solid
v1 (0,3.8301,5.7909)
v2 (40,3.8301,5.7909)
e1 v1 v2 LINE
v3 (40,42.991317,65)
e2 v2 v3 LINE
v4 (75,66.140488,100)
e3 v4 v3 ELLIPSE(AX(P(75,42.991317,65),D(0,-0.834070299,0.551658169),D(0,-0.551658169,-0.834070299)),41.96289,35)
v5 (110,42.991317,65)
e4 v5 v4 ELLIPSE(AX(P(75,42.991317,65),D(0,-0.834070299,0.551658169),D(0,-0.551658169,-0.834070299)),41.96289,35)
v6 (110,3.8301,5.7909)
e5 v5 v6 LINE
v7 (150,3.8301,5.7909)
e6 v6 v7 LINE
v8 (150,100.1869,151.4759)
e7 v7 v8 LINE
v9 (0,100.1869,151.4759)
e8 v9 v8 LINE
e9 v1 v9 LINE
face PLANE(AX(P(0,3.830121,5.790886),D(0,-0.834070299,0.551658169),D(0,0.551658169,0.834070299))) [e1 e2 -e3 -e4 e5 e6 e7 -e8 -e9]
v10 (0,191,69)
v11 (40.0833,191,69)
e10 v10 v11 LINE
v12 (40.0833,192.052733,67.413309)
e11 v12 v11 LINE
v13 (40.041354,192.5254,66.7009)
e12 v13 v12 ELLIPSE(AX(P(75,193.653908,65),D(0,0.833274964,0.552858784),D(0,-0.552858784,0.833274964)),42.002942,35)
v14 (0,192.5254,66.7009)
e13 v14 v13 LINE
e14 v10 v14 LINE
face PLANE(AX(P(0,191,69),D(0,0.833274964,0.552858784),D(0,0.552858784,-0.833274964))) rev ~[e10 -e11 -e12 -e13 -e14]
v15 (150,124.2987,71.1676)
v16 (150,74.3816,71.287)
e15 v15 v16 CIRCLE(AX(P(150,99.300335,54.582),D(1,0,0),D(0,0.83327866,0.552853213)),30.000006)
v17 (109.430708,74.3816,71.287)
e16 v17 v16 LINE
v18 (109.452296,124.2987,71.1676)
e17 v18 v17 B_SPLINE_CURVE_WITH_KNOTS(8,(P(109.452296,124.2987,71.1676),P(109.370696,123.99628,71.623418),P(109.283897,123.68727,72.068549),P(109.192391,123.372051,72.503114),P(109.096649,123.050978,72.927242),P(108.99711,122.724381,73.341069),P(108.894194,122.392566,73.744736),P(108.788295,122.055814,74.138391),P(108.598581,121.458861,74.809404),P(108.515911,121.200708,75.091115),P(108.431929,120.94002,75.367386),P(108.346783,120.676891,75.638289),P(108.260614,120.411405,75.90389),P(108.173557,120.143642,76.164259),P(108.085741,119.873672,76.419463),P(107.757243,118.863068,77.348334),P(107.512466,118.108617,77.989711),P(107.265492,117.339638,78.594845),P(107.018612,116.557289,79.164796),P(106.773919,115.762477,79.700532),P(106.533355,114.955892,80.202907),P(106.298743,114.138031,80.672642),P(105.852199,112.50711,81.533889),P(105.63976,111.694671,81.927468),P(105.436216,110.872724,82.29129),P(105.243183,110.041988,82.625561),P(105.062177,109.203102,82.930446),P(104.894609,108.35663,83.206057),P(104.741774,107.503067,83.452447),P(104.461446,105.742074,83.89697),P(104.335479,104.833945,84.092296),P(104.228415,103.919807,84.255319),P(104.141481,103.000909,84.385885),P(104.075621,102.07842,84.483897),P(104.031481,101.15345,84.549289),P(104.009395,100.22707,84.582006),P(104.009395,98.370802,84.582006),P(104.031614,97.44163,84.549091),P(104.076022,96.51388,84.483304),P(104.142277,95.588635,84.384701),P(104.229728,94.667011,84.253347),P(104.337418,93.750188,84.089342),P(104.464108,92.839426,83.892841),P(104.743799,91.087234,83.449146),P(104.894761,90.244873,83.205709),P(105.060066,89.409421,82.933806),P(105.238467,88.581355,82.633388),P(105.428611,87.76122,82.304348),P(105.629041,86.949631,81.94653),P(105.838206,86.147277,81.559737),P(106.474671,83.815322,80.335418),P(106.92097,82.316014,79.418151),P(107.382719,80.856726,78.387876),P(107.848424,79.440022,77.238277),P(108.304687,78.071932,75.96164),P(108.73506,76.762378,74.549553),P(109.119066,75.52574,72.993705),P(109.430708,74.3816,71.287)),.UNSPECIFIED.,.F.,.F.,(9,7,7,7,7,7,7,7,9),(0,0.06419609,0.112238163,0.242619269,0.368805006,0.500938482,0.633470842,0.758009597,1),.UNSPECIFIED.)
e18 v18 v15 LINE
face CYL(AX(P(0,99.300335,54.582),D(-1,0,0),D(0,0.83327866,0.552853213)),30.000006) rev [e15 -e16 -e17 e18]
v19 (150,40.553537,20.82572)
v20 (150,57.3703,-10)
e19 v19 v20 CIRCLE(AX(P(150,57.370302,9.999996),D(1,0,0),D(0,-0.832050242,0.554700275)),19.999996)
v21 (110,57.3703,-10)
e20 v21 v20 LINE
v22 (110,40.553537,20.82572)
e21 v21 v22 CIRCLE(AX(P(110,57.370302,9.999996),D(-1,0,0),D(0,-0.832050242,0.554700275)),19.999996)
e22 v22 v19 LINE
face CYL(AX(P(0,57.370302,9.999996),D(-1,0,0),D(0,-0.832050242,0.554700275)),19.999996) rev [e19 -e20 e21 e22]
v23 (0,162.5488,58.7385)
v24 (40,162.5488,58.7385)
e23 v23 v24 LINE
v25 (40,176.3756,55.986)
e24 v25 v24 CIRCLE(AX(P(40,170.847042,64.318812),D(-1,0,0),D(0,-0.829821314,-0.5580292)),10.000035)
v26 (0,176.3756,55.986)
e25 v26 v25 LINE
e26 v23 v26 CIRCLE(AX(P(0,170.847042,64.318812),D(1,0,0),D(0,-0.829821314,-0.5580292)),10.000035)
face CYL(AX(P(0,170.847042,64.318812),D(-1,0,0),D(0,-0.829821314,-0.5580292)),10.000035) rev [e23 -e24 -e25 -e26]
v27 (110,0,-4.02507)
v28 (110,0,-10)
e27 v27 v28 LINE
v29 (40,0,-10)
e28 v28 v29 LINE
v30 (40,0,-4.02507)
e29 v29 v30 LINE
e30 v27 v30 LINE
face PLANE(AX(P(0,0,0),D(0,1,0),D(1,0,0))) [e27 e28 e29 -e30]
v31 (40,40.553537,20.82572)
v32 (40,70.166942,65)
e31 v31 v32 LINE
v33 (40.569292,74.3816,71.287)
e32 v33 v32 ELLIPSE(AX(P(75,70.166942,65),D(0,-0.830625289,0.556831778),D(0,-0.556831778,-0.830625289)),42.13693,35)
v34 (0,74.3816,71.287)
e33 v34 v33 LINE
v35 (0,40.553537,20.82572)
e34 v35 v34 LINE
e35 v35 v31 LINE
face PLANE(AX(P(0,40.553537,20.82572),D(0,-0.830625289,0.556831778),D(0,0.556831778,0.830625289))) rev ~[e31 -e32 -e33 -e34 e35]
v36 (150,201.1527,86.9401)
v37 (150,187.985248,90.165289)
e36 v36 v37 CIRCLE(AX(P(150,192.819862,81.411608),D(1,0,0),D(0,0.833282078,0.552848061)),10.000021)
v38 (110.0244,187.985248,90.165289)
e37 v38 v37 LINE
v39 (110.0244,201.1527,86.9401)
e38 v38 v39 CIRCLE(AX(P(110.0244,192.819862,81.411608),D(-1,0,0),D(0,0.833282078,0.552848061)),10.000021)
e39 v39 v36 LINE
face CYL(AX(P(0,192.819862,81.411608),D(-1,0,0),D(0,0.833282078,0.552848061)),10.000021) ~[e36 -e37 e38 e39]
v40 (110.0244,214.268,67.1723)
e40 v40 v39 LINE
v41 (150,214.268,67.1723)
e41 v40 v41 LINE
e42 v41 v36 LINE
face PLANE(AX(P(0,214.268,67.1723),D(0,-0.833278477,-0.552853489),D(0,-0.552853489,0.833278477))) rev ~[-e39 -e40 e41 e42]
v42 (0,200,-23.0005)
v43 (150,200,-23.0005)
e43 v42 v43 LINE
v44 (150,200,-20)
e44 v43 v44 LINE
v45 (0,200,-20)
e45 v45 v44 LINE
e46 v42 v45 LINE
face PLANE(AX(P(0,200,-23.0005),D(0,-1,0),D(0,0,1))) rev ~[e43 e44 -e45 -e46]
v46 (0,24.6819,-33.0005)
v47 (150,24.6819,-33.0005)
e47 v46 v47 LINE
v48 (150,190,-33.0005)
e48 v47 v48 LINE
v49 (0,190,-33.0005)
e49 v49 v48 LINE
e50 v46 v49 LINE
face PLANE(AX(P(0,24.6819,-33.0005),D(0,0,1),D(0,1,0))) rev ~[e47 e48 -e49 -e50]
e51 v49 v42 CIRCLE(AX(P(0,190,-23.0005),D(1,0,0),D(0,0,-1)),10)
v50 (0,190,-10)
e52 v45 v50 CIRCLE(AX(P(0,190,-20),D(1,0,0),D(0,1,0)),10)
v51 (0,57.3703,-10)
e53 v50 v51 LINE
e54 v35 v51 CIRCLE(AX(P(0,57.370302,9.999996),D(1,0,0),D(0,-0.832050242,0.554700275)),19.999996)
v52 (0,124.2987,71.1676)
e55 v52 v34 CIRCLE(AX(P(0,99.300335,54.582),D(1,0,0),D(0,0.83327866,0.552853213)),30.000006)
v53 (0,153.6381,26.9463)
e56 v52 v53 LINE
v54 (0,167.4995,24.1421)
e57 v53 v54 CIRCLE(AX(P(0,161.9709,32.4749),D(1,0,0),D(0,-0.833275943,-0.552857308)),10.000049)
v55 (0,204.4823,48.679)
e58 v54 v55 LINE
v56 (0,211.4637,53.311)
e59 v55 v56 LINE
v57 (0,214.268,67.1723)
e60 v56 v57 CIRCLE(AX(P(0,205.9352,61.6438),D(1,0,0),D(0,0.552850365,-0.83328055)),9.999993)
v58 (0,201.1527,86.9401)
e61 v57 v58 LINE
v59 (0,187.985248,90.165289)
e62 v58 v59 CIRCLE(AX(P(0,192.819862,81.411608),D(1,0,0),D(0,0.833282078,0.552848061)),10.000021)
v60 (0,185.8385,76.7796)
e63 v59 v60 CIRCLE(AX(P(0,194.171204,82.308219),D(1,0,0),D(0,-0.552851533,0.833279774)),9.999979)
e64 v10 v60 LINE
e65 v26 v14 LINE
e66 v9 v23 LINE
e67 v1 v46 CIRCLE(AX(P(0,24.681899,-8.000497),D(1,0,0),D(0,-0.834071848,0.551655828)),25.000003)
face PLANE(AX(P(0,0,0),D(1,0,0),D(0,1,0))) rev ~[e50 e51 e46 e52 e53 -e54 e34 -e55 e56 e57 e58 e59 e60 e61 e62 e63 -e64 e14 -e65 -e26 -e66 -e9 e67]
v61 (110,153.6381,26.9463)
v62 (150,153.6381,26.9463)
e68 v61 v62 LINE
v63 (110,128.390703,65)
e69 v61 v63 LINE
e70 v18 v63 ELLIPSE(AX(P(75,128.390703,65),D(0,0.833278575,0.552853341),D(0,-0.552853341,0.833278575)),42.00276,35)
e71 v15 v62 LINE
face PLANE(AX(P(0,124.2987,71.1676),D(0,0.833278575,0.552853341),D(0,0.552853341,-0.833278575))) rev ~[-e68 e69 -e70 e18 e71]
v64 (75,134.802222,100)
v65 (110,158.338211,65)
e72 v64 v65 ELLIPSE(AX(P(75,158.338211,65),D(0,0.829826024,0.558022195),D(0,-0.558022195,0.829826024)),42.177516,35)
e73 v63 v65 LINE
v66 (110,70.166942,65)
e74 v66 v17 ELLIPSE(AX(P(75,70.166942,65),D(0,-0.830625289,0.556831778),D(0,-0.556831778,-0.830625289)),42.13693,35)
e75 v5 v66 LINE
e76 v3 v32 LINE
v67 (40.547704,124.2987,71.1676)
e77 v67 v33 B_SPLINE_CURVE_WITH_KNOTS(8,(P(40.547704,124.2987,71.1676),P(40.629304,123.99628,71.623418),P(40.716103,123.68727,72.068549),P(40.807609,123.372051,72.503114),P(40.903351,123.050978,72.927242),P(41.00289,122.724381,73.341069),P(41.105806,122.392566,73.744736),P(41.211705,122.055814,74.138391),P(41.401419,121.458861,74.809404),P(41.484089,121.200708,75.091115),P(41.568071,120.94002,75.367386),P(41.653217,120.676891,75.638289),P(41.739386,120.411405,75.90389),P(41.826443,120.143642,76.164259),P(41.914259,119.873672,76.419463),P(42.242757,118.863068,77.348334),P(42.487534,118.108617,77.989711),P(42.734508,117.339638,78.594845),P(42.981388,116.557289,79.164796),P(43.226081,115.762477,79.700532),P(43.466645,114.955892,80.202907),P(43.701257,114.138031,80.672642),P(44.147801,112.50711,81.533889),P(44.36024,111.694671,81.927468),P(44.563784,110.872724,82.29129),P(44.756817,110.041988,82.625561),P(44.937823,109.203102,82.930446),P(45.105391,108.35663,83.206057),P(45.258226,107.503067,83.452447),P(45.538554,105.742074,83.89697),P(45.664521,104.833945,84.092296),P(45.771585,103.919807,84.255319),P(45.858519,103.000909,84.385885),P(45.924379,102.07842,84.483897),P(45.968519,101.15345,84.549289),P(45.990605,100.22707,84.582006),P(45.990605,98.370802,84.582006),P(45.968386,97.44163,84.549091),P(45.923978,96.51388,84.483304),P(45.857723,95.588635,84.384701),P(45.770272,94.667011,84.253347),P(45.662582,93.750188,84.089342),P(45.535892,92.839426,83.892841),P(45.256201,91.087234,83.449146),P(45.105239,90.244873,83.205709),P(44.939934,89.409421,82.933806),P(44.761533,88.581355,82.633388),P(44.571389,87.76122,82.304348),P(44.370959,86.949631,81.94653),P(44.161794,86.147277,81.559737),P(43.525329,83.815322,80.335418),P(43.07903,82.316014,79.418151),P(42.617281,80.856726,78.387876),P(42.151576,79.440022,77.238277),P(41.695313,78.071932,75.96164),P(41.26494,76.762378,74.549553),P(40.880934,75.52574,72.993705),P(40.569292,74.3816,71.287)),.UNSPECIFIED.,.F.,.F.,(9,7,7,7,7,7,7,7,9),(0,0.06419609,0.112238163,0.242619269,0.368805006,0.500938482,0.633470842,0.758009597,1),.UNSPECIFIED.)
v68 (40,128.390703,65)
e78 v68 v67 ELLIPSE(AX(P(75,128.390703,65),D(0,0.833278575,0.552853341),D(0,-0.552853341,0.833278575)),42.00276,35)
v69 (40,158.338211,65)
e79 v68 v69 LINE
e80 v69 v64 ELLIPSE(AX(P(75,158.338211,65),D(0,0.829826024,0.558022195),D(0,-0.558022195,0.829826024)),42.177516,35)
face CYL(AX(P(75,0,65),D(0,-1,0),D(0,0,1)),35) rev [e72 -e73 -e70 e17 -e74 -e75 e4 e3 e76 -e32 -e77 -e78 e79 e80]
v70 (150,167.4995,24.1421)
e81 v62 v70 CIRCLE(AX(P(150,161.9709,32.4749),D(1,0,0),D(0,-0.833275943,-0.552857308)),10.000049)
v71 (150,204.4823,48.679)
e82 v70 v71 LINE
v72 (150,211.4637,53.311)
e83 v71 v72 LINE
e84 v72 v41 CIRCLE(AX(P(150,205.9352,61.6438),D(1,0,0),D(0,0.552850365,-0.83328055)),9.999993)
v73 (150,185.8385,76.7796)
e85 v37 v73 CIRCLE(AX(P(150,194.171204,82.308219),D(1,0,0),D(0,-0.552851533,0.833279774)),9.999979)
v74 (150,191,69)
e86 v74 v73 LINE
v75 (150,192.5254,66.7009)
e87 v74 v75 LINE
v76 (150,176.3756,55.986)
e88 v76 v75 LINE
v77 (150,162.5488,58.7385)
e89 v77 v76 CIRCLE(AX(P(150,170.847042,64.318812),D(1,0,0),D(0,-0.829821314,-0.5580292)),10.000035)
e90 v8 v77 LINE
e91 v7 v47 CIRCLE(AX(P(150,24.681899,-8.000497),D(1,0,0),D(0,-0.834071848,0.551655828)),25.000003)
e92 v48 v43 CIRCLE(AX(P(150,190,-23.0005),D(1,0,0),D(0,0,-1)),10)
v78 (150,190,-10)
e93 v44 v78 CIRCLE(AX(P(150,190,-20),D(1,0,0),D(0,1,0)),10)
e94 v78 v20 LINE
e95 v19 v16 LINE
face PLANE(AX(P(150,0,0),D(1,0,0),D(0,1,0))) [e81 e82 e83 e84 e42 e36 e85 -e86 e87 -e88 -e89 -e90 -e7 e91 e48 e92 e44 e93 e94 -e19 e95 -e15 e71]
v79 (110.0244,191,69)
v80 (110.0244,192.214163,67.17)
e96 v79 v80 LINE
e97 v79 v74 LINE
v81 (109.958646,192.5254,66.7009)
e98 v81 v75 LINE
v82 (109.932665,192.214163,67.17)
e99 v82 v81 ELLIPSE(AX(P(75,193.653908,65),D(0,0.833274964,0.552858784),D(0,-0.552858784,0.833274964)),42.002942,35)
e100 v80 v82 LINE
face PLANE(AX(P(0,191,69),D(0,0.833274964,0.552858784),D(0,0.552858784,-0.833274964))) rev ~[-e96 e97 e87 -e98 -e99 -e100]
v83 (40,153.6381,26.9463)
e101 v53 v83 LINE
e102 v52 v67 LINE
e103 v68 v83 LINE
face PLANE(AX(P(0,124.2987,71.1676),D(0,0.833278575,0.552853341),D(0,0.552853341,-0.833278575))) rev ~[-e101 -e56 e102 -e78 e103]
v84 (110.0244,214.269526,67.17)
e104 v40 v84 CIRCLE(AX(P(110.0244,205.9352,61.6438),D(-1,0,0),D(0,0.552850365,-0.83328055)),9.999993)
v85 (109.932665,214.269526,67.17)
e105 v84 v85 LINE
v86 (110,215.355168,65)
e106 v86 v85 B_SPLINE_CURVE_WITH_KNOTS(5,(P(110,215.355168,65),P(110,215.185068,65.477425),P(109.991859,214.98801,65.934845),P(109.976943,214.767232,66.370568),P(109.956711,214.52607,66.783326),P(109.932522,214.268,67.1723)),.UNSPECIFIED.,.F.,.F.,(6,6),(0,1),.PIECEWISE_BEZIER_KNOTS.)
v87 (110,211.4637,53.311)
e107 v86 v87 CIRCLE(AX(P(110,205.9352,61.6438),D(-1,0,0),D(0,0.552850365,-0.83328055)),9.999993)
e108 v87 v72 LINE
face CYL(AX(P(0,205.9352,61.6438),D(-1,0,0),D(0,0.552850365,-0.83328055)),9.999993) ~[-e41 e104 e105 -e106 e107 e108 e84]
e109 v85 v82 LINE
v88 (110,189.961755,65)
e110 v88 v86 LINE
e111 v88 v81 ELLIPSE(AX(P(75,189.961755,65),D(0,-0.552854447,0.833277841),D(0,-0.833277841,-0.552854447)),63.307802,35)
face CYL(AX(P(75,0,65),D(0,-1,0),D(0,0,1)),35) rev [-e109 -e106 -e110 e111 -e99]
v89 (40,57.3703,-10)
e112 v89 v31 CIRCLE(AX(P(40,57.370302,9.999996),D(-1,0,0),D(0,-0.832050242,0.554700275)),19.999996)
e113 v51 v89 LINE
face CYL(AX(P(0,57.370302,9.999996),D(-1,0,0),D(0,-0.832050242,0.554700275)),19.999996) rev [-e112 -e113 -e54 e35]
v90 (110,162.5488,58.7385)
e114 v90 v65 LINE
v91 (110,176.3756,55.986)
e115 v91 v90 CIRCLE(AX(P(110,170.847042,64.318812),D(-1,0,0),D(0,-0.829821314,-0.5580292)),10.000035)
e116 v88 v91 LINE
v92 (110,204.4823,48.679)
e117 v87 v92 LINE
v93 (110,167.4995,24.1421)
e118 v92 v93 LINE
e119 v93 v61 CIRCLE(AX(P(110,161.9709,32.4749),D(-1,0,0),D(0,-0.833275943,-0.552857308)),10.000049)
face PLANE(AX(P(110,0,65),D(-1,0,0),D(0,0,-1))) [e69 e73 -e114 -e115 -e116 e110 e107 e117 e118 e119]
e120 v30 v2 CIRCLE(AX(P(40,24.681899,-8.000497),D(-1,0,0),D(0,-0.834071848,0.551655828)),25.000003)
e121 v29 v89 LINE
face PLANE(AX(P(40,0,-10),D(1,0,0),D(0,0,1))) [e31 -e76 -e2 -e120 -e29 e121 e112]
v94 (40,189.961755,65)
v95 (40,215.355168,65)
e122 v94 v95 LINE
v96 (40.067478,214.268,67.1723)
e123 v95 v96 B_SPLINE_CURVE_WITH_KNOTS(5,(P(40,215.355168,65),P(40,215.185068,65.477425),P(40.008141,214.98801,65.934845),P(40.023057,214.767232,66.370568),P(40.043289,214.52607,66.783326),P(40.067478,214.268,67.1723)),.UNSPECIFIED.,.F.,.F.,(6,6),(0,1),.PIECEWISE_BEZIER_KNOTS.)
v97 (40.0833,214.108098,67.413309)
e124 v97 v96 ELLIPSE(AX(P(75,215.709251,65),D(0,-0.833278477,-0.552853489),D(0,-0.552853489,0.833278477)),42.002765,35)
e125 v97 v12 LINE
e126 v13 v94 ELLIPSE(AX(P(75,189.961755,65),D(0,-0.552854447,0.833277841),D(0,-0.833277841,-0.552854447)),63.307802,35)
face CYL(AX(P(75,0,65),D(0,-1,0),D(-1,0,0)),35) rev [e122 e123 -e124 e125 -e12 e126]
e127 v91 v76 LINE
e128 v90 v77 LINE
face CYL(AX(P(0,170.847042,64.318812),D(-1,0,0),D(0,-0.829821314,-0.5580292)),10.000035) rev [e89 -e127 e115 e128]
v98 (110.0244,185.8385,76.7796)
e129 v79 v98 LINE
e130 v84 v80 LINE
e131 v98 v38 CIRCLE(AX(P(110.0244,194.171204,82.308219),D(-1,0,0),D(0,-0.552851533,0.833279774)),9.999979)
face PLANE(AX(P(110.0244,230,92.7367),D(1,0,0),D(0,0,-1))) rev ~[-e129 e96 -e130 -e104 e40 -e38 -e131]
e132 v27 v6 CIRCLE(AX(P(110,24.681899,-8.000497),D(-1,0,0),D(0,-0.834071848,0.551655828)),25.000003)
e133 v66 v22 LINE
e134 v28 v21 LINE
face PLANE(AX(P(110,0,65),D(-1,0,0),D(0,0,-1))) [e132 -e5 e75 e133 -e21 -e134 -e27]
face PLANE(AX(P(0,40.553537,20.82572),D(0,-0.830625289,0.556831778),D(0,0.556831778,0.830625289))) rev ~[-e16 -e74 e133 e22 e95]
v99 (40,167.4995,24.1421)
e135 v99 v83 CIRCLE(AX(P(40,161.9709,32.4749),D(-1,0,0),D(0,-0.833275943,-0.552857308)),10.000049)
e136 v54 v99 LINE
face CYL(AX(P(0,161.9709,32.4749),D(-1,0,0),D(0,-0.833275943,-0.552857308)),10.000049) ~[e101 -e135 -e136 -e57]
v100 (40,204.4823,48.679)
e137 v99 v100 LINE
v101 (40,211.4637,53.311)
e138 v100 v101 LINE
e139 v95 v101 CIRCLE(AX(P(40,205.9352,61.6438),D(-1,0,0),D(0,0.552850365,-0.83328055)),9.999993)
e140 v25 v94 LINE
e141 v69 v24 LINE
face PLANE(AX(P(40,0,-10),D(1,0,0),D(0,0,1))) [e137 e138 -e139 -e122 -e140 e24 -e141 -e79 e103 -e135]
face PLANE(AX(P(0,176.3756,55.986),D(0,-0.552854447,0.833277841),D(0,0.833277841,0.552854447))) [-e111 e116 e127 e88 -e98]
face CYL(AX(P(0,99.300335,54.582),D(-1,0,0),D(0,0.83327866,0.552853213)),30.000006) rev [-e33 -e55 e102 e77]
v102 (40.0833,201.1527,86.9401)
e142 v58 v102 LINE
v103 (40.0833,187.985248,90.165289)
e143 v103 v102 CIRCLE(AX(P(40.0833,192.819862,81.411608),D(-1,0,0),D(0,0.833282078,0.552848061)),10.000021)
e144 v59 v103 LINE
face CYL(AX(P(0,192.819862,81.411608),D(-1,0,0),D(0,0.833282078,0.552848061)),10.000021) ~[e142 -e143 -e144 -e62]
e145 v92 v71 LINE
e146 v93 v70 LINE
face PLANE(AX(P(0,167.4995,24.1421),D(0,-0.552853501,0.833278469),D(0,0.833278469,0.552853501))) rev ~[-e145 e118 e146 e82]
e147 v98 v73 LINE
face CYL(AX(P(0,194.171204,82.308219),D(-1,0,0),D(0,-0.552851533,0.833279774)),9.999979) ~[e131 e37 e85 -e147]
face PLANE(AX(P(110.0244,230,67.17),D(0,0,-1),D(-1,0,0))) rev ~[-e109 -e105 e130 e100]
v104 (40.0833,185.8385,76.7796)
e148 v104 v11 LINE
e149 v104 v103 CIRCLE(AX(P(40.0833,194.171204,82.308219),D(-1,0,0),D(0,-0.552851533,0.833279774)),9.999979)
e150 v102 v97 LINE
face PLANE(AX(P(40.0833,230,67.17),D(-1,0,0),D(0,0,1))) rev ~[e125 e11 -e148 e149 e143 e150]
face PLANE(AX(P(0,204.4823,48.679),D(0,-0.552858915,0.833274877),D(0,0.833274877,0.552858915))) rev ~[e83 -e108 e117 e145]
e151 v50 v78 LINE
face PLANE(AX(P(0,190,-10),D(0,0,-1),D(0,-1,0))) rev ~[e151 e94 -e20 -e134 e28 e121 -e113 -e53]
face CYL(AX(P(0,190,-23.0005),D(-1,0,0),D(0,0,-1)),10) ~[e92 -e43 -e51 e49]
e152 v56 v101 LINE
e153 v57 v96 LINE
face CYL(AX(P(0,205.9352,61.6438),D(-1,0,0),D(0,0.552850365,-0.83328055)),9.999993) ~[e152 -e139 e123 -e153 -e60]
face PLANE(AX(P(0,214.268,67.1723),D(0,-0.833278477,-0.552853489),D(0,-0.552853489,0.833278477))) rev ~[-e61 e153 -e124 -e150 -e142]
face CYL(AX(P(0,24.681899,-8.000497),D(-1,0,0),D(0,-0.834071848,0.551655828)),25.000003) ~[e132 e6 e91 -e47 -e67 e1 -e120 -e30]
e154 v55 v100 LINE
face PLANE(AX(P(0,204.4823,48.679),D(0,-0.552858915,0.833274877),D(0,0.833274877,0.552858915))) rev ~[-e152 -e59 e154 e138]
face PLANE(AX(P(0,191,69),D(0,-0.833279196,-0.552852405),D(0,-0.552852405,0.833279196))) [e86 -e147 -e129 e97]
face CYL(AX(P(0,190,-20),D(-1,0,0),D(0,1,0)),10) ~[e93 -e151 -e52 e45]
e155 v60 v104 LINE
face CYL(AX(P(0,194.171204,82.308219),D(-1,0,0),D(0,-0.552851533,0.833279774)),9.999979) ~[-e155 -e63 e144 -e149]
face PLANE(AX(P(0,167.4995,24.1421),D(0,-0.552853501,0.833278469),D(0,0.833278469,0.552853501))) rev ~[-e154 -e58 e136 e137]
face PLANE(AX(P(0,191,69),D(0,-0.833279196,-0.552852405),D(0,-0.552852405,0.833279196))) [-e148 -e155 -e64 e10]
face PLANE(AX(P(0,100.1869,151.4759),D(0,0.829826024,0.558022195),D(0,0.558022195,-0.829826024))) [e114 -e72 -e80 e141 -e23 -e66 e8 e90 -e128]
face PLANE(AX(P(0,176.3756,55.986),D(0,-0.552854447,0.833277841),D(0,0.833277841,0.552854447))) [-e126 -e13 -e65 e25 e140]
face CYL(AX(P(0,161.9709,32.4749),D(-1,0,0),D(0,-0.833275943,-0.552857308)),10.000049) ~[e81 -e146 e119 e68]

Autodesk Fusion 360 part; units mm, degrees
sketch "Sketch1" plane through (0, 0, 0) normal (1, 0, 0) x (0, 1, 0)
  line L0 (0, 0) -> (100.1869, 151.4759)
  line L1 (100.1869, 151.4759) -> (162.5488, 58.7385)
  line L2 (40.0071, 20.0106) -> (74.3816, 71.287)
  line L3 (124.2987, 71.1676) -> (153.6381, 26.9463)
  line L4 (167.4995, 24.1421) -> (204.4823, 48.679)
  line L5 (176.3756, 55.986) -> (192.5254, 66.7009)
  line L6 (191, 69) -> (192.5254, 66.7009)
  line L7 (0, 0) -> (3.8301, 5.7909)
  line L8 (24.6819, -33.0005) -> (190, -33.0005)
  line L9 (200, -23.0005) -> (200, -20)
  line L10 (190, -10) -> (57.3703, -10)
  line L11 (40.7293, 21.094) -> (39.9929, 19.9893)
  line L12 (191, 69) -> (185.8385, 76.7796)
  line L13 (204.4823, 48.679) -> (211.4637, 53.311)
  line L14 (214.268, 67.1723) -> (201.1527, 86.9401)
  line L15 (188.6427, 90.641) -> (187.2913, 89.7444)
  arc A0 (40.0071, 20.0106) -> (39.9929, 19.9893) centre (48.3134, 14.4423) ccw
  arc A1 (40.7293, 21.094) -> (57.3703, -10) centre (57.3703, 10) ccw
  arc A2 (3.8301, 5.7909) -> (24.6819, -33.0005) centre (24.6819, -8.0005) ccw
  arc A3 (200, -20) -> (190, -10) centre (190, -20) ccw
  arc A4 (190, -33.0005) -> (200, -23.0005) centre (190, -23.0005) ccw
  arc A5 (124.2987, 71.1676) -> (74.3816, 71.287) centre (99.3004, 54.582) ccw
  arc A6 (153.6381, 26.9463) -> (167.4995, 24.1421) centre (161.9709, 32.4749) ccw
  arc A7 (211.4637, 53.311) -> (214.268, 67.1723) centre (205.9352, 61.6438) ccw
  arc A8 (188.6427, 90.641) -> (185.8385, 76.7796) centre (194.1712, 82.3082) ccw
  arc A9 (201.1527, 86.9401) -> (187.2913, 89.7444) centre (192.8199, 81.4116) ccw
  arc A10 (162.5488, 58.7385) -> (176.3756, 55.986) centre (170.8471, 64.3188) ccw
  dimension "d1" = 67.4
  dimension "d2" = 67.4
  dimension "d3" = 10
  dimension "d4" = 20
  dimension "d5" = 25
  dimension "d6" = 10
  dimension "d7" = 30
  dimension "d8" = 10
  dimension "d9" = 10
  dimension "d10" = 10
  dimension "d11" = 10
extrude "Extrude1" add sketch "Sketch1" along normal blind 150 contours L2 L11 A1 | L0 L1 L2 L3 L4 L5 L6 L8 L9 L10 L12 L13 L14 A1 A2 A3 A4 A5 A6 A7 A8 A9 A10
sketch "Sketch2" plane through (0, 0, 0) normal (0, 1, 0) x (1, 0, 0)
  line L0 (110, 10) -> (40, 10)
  line L1 (40, 10) -> (40, -65)
  line L2 (75, -100) -> (75, -100)
  line L3 (110, -65) -> (110, 10)
  arc A0 (40, -65) -> (75, -100) centre (75, -65) ccw
  arc A1 (75, -100) -> (110, -65) centre (75, -65) ccw
  dimension "d14" = 35
extrude "Extrude2" cut sketch "Sketch2" along normal blind 220
ref_plane "WorkPlane1" through (0, 230, 0) normal (0, 1, 0) x (0, 0, 1)
sketch "Sketch3" plane through (0, 230, 0) normal (0, 1, 0) x (1, 0, 0)
  line L0 (40.0833, -92.7367) -> (110.0244, -92.7367)
  line L1 (110.0244, -92.7367) -> (110.0244, -67.17)
  line L2 (110.0244, -67.17) -> (40.0833, -67.17)
  line L3 (40.0833, -67.17) -> (40.0833, -92.7367)
extrude "Extrude3" cut sketch "Sketch3" against normal blind 60
